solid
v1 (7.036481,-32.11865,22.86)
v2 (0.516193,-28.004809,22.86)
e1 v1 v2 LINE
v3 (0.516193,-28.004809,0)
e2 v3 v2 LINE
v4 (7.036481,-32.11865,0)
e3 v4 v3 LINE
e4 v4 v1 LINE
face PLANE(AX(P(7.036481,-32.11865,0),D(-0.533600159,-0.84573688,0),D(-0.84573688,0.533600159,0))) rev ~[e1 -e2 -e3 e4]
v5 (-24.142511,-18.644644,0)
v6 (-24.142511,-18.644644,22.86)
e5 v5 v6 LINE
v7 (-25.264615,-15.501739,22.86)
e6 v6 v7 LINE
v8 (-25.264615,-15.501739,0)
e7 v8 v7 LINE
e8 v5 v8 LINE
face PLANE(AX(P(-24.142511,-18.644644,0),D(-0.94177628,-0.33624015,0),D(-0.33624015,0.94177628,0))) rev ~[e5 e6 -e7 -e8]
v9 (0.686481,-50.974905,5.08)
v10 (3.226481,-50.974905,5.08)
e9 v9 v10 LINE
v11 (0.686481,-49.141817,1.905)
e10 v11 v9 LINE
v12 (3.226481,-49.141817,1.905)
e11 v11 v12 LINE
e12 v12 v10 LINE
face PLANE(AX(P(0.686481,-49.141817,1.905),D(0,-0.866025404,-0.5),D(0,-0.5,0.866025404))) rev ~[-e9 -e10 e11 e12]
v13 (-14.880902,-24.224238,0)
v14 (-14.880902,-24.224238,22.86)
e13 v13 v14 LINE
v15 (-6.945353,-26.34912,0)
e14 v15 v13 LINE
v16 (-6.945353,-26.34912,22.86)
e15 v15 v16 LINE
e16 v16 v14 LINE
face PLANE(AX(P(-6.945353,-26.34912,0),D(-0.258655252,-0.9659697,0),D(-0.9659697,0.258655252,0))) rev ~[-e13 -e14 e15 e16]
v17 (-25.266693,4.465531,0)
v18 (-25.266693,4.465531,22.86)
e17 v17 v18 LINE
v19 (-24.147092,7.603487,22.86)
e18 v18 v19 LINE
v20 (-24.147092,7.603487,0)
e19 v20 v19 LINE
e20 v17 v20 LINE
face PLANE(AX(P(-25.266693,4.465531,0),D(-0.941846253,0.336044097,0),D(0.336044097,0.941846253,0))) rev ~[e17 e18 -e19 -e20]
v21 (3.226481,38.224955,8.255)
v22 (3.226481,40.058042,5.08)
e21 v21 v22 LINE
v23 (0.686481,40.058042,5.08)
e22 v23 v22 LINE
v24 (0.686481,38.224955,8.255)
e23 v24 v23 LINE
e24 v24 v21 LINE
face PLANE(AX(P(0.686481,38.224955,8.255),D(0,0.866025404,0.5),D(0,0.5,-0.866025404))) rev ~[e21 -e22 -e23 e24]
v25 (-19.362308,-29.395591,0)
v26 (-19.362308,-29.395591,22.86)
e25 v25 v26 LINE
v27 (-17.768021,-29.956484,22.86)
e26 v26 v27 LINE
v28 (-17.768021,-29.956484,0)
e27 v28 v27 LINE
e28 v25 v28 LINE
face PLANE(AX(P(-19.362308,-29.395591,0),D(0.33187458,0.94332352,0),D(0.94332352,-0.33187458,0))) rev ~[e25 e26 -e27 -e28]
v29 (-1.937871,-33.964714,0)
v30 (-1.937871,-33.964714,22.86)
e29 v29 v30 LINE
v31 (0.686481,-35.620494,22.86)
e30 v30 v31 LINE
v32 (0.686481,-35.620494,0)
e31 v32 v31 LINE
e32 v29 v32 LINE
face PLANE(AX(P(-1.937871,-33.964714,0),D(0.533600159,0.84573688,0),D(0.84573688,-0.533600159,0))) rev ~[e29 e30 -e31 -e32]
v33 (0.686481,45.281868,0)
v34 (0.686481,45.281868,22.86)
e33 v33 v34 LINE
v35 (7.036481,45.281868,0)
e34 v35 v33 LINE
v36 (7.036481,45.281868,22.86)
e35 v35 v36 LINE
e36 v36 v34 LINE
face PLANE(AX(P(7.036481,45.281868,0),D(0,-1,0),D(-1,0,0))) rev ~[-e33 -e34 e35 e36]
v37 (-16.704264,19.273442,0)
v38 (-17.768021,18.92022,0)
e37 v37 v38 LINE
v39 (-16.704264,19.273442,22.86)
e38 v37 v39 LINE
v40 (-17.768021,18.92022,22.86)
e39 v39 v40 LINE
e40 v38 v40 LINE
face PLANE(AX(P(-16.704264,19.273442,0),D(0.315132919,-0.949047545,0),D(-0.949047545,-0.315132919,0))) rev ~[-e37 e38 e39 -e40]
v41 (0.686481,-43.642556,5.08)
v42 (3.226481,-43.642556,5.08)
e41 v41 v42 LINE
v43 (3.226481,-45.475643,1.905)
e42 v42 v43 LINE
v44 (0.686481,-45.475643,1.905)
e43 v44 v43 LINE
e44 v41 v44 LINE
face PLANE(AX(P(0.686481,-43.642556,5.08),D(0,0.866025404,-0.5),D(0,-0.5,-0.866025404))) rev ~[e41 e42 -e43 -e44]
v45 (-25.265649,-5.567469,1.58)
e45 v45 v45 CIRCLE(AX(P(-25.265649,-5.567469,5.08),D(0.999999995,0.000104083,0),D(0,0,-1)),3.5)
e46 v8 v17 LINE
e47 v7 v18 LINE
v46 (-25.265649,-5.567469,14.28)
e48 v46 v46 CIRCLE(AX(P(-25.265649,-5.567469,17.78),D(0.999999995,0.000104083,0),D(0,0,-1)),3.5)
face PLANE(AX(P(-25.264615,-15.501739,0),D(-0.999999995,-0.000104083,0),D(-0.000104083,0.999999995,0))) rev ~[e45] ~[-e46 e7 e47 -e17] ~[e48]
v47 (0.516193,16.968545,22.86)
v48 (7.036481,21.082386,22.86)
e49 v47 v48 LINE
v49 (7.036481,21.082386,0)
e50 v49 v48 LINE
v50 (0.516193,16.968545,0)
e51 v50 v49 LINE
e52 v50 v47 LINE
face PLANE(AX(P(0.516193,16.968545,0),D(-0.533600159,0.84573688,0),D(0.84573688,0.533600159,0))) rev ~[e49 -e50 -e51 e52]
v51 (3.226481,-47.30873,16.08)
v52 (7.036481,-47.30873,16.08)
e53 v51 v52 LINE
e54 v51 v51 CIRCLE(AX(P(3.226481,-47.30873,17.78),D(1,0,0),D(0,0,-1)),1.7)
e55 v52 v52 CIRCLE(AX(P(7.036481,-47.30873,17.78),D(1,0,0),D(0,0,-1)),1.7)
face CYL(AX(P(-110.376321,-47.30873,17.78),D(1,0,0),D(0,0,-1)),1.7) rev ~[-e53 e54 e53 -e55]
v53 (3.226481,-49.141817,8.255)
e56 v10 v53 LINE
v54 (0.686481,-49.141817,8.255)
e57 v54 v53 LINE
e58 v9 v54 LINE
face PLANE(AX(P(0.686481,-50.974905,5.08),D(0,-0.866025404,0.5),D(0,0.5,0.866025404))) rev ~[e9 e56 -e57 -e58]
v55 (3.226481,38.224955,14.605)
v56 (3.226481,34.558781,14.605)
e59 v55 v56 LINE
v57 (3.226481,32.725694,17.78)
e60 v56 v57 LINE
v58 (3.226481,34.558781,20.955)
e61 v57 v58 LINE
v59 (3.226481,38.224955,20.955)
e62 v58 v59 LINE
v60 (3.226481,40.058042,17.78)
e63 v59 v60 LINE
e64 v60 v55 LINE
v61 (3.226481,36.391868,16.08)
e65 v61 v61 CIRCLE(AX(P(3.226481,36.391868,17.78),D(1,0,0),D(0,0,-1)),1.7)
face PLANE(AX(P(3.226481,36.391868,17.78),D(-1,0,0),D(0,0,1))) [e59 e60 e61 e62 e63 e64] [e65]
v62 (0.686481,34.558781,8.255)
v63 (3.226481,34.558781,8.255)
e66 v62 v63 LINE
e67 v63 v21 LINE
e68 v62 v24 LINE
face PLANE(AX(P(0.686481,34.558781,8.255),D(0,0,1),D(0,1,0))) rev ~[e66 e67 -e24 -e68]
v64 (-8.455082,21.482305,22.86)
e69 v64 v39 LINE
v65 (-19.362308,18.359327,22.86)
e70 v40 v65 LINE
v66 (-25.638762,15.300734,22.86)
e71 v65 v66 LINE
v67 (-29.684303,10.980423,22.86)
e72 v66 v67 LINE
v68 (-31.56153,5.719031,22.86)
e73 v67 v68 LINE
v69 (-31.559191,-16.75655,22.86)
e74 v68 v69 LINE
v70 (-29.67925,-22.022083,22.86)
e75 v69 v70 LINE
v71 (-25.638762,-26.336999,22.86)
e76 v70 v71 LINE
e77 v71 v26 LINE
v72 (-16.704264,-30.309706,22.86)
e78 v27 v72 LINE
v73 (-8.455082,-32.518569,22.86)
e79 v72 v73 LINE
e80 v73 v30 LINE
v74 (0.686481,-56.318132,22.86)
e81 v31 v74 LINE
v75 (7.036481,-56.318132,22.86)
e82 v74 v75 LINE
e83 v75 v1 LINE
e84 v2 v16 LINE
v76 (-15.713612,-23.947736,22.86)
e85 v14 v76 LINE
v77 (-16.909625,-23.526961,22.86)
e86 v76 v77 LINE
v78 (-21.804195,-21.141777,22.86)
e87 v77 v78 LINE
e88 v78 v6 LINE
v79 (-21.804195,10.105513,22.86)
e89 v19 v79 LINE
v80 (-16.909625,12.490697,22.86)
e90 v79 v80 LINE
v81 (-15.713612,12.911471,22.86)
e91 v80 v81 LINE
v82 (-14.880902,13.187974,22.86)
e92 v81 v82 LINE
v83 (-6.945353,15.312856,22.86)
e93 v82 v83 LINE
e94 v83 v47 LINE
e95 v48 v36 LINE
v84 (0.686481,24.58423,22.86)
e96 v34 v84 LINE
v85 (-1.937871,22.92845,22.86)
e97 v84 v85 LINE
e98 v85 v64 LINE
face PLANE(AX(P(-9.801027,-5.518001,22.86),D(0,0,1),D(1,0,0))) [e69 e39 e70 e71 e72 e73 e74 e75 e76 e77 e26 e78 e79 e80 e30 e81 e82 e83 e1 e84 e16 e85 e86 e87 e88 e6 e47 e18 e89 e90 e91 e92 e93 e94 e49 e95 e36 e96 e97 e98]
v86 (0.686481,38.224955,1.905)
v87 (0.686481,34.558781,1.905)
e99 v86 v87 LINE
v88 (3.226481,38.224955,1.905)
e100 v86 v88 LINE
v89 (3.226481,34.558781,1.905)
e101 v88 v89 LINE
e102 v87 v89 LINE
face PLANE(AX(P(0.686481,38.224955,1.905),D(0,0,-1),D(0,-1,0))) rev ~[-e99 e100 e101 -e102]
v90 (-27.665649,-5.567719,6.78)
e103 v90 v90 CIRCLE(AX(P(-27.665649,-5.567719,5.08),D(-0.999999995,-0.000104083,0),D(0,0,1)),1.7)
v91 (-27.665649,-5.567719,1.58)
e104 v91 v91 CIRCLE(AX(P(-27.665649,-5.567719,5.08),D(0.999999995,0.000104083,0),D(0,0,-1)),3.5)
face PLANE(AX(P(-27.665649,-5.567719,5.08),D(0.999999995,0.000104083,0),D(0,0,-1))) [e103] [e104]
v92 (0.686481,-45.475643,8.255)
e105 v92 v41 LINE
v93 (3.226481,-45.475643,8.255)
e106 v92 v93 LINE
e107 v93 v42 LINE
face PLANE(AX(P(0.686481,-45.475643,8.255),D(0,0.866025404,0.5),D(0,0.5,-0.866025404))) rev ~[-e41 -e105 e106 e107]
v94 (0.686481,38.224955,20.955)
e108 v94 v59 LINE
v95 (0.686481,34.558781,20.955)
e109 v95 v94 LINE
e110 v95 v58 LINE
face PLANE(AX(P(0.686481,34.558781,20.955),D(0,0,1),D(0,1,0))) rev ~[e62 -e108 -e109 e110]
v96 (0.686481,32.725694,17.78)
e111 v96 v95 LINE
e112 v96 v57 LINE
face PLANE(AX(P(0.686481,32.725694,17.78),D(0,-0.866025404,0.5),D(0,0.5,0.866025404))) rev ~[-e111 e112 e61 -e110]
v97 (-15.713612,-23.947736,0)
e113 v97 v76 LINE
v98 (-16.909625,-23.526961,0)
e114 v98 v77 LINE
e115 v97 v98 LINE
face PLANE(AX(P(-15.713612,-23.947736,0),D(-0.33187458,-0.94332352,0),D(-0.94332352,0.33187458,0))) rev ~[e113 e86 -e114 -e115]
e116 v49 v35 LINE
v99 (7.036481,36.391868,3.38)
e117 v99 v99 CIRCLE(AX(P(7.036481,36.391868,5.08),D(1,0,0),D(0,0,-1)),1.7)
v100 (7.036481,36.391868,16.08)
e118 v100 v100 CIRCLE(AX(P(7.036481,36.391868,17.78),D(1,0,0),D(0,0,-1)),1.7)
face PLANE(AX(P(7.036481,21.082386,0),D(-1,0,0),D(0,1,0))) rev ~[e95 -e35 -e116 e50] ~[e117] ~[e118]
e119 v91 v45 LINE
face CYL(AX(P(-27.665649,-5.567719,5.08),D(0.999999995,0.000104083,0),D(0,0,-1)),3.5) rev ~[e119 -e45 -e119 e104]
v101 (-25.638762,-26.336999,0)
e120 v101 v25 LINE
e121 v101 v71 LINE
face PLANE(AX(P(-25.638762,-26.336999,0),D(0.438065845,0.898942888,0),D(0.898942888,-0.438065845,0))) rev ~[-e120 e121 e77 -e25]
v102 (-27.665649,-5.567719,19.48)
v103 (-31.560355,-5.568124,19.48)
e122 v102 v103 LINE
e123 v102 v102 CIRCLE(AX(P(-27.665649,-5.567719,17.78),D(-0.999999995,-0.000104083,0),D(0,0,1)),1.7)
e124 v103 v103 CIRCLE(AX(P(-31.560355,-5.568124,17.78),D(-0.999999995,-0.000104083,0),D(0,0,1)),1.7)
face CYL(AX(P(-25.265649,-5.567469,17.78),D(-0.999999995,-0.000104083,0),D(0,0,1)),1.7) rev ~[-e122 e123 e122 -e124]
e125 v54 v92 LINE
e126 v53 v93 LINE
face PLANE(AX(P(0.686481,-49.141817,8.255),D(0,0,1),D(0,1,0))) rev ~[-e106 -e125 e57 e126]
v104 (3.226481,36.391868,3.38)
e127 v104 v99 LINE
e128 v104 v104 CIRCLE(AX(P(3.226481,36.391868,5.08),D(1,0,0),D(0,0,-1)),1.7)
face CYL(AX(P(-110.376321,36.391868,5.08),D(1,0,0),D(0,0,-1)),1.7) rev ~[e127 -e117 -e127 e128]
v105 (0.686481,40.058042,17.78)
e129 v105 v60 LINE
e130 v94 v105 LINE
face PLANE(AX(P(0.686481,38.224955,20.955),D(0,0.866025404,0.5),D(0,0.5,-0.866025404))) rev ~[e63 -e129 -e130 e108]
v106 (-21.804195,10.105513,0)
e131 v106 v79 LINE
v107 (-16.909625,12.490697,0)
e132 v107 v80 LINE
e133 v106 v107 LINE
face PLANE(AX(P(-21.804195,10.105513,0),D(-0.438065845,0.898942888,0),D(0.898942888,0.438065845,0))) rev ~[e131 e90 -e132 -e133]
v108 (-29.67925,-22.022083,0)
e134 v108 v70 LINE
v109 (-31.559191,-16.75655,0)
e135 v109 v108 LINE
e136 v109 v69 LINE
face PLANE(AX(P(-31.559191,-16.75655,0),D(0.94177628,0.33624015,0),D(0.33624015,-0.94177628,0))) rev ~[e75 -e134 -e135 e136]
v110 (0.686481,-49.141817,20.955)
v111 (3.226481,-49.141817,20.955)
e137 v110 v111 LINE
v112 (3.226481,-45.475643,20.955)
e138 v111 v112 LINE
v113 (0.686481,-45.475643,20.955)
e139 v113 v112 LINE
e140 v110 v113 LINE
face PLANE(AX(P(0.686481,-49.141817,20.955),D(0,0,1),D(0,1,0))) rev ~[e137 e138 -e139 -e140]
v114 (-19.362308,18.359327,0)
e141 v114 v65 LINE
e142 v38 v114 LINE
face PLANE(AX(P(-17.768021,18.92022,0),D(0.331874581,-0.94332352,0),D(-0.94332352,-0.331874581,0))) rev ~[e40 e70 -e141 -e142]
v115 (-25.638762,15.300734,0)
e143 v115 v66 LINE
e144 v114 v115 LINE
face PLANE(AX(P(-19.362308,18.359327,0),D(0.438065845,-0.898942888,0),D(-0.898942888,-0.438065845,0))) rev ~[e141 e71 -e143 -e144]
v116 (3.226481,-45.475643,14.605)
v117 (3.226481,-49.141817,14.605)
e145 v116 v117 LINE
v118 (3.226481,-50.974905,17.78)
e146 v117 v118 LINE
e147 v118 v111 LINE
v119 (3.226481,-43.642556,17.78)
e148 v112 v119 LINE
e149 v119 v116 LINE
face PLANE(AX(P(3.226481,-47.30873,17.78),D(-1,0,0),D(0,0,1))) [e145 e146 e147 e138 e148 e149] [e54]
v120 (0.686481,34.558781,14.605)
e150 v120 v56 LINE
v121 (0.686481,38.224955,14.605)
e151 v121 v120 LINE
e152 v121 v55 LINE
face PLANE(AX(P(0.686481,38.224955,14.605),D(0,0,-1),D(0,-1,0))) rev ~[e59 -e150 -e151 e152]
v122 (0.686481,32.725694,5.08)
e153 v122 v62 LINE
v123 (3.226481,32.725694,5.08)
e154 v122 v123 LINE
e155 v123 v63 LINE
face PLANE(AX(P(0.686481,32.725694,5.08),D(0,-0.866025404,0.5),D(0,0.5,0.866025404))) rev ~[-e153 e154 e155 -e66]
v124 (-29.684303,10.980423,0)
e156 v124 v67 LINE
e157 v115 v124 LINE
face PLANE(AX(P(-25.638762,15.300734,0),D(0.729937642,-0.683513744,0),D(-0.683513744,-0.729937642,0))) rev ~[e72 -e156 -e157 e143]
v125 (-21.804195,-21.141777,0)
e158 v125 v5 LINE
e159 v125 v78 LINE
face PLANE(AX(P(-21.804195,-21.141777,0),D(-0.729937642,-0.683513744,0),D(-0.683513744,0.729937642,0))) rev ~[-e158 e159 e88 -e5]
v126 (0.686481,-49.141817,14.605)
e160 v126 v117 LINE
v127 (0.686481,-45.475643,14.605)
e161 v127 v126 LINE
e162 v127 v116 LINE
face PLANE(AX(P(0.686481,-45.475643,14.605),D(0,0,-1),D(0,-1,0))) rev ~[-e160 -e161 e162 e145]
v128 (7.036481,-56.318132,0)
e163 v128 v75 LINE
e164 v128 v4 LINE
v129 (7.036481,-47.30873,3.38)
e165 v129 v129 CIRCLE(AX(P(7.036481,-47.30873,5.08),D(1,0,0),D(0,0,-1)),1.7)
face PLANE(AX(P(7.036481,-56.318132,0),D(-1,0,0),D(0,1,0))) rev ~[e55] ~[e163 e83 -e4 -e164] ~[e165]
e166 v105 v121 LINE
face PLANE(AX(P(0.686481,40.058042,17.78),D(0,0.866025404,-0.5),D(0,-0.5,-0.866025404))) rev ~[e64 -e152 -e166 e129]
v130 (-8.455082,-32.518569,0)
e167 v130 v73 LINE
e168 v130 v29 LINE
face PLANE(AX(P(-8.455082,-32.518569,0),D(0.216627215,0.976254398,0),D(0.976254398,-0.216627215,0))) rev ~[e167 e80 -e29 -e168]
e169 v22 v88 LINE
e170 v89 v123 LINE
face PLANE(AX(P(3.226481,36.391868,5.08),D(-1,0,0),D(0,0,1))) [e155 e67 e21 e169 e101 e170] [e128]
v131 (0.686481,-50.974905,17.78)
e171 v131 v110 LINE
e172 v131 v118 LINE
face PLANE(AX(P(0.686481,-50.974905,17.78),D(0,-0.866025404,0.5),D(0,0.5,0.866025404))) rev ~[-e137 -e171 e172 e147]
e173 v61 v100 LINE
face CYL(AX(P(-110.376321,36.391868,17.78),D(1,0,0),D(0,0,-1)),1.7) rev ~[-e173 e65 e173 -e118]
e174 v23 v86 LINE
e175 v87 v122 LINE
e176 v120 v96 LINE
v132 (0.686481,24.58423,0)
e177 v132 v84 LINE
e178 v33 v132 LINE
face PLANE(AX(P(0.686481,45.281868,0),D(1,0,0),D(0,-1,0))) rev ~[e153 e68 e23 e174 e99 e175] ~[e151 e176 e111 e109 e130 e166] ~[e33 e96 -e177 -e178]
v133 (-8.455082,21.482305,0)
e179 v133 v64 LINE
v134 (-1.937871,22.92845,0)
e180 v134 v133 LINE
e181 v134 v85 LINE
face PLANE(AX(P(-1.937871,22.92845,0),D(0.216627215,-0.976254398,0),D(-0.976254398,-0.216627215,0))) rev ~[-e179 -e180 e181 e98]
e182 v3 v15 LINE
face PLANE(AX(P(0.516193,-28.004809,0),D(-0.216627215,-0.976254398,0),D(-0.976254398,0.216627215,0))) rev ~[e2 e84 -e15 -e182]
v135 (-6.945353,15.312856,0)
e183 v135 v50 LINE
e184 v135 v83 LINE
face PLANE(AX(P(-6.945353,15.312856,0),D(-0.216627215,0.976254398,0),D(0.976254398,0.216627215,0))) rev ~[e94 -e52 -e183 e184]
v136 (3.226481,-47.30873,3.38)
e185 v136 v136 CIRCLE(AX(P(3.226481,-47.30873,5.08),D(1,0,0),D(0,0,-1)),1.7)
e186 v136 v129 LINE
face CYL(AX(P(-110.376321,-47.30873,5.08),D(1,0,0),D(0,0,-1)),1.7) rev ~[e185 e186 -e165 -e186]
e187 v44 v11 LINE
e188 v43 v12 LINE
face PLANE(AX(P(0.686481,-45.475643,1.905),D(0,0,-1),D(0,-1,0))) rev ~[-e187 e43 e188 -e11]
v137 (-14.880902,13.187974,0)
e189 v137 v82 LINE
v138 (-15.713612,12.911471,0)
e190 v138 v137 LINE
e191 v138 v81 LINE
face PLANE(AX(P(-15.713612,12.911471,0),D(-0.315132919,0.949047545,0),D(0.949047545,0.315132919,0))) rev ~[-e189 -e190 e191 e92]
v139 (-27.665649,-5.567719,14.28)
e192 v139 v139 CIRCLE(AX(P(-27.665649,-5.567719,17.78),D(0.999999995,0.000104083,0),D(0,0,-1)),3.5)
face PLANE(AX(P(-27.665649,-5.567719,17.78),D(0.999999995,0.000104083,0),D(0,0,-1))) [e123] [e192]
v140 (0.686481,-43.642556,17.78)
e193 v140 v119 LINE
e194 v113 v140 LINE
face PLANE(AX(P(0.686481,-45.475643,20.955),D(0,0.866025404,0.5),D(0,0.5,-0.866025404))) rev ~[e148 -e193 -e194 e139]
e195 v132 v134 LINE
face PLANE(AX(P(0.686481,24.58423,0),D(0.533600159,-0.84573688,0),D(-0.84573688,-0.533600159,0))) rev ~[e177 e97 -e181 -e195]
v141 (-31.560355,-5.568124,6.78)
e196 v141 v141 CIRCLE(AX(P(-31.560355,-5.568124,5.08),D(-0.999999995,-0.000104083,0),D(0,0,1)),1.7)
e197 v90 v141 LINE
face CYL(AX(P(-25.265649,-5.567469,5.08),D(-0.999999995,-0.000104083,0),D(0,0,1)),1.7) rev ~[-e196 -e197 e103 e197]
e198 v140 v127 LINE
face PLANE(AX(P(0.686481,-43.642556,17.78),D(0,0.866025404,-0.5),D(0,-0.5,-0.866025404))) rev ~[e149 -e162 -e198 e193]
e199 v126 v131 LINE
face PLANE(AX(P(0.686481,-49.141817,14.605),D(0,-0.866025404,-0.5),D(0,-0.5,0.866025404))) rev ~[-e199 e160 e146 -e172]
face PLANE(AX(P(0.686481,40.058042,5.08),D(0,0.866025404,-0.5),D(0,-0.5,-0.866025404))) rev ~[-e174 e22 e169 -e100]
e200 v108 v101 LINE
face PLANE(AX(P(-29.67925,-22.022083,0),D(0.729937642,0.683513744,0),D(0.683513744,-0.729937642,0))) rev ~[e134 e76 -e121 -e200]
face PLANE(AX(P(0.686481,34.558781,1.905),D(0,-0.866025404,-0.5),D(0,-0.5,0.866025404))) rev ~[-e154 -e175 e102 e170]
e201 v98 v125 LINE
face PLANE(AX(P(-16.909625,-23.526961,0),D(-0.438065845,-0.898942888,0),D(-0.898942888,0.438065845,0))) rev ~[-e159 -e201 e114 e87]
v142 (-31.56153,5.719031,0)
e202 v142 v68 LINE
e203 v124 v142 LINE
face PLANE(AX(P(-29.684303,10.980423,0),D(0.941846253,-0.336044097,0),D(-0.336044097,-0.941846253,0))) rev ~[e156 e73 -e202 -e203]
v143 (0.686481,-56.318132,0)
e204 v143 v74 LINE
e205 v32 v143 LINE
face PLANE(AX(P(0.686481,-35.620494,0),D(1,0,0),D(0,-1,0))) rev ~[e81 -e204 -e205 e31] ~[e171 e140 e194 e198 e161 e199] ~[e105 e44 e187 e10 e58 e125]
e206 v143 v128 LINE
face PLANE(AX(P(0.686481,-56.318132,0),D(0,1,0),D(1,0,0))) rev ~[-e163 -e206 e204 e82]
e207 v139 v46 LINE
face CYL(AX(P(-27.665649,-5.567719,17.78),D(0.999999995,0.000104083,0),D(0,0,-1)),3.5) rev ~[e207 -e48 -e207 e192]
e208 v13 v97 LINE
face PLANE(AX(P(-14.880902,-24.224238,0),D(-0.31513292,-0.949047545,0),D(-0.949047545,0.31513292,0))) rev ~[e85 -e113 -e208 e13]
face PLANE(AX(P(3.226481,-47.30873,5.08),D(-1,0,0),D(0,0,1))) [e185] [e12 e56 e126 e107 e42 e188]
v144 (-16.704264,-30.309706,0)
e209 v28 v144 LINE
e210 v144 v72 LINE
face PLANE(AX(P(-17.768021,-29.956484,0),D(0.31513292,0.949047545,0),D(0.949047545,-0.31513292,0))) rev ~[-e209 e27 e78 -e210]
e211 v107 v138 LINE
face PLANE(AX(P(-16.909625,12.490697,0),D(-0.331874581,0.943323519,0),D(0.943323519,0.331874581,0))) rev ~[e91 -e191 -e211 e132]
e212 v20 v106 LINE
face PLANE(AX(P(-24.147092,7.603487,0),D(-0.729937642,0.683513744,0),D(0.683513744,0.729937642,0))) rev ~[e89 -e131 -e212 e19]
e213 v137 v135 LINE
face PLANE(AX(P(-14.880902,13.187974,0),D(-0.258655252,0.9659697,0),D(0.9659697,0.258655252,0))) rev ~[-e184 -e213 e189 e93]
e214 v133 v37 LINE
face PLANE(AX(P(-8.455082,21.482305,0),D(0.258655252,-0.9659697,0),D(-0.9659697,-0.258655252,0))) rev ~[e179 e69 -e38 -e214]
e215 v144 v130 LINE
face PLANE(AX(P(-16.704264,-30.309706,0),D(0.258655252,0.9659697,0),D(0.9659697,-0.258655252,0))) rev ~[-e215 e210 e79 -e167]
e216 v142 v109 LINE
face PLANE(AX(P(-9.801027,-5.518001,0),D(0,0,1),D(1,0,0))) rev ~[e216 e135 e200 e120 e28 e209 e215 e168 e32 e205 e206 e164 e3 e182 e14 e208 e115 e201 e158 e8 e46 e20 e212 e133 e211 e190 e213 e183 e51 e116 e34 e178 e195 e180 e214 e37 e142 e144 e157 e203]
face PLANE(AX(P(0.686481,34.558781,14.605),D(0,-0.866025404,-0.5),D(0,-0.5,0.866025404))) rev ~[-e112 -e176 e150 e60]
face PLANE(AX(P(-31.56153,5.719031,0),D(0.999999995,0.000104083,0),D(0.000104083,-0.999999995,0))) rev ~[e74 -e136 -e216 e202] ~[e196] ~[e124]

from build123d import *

# Parameters (mm, degrees)
BOSS_EXTRUDE1_DEPTH                              = 22.86
M3_CLEARANCE_HOLE1_D                             = 3.4
CBORE_FOR_M3_PAN_HEAD_MACHINE_SCREW1_D           = 3.4
CBORE_FOR_M3_PAN_HEAD_MACHINE_SCREW1_CBORE_D     = 7
CBORE_FOR_M3_PAN_HEAD_MACHINE_SCREW1_CBORE_DEPTH = 2.4
CUT_EXTRUDE1_DEPTH                               = 2.54


with BuildPart() as part:
    # Model → Boss-Extrude1 (new body)
    with BuildSketch(Plane.XY):
        Polygon((-31.561530074, 5.719031337), (-31.559190751, -16.756549884), (-29.679250105, -22.022082599), (-25.638762019, -26.336998537), (-19.362308162, -29.395591134), (-17.768021154, -29.956483893), (-16.704264105, -30.309706307), (-8.455081931, -32.518568858), (-1.9378711, -33.964713672), (0.686481117, -35.620494321), (0.686481117, -56.318132067), (7.036481117, -56.318132067), (7.036481117, -32.118649881), (0.516193039, -28.004809234), (-6.945353494, -26.349119844), (-14.880902119, -24.224238152), (-15.713611559, -23.947735506), (-16.909625113, -23.526960991), (-21.804194775, -21.141777435), (-24.142511039, -18.644643945), (-25.264614821, -15.501739308), (-25.266693071, 4.465531103), (-24.147092478, 7.603487204), (-21.804194775, 10.105513301), (-16.909625113, 12.490696857), (-15.713611559, 12.911471373), (-14.880902119, 13.187974018), (-6.945353494, 15.312855711), (0.516193039, 16.9685451), (7.036481117, 21.082385748), (7.036481117, 45.281867933), (0.686481117, 45.281867933), (0.686481117, 24.584230187), (-1.9378711, 22.928449538), (-8.455081931, 21.482304725), (-16.704264105, 19.273442173), (-17.768021154, 18.92021976), (-19.362308162, 18.359327), (-25.638762019, 15.300734404), (-29.684302801, 10.980422593), align=None)
    extrude(amount=BOSS_EXTRUDE1_DEPTH)

    # M3 Clearance Hole1 (through all)
    with Locations(Plane.ZY.offset(-0.686481117)):
        with Locations((5.08, 36.391867933), (17.78, 36.391867933), (5.08, -47.308730357), (17.78, -47.308730357)):
            Hole(M3_CLEARANCE_HOLE1_D / 2)

    # CBORE for M3 Pan Head Machine Screw1 (through all)
    with Locations(Plane(origin=(-25.266228013, -0.002629781, 0), x_dir=(0, 0, -1), z_dir=(0.999999995, 0.000104083, 0))):
        with Locations((-5.08, -5.564839092), (-17.78, -5.564839092)):
            CounterBoreHole(CBORE_FOR_M3_PAN_HEAD_MACHINE_SCREW1_D / 2, CBORE_FOR_M3_PAN_HEAD_MACHINE_SCREW1_CBORE_D / 2, CBORE_FOR_M3_PAN_HEAD_MACHINE_SCREW1_CBORE_DEPTH)

    # Sketch5 → Cut-Extrude1 (cut)
    with BuildSketch(Plane.ZY.offset(-0.686481117)):
        Polygon((17.78, -43.642556148), (14.605, -45.475643253), (14.605, -49.141817462), (17.78, -50.974904567), (20.955, -49.141817462), (20.955, -45.475643253), align=None)
        Polygon((5.08, -43.642556148), (1.905, -45.475643253), (1.905, -49.141817462), (5.08, -50.974904567), (8.255, -49.141817462), (8.255, -45.475643253), align=None)
        Polygon((17.78, 40.058042143), (14.605, 38.224955038), (14.605, 34.558780829), (17.78, 32.725693724), (20.955, 34.558780829), (20.955, 38.224955038), align=None)
        Polygon((5.08, 40.058042143), (1.905, 38.224955038), (1.905, 34.558780829), (5.08, 32.725693724), (8.255, 34.558780829), (8.255, 38.224955038), align=None)
    extrude(amount=-CUT_EXTRUDE1_DEPTH, mode=Mode.SUBTRACT)


solid = part.part
